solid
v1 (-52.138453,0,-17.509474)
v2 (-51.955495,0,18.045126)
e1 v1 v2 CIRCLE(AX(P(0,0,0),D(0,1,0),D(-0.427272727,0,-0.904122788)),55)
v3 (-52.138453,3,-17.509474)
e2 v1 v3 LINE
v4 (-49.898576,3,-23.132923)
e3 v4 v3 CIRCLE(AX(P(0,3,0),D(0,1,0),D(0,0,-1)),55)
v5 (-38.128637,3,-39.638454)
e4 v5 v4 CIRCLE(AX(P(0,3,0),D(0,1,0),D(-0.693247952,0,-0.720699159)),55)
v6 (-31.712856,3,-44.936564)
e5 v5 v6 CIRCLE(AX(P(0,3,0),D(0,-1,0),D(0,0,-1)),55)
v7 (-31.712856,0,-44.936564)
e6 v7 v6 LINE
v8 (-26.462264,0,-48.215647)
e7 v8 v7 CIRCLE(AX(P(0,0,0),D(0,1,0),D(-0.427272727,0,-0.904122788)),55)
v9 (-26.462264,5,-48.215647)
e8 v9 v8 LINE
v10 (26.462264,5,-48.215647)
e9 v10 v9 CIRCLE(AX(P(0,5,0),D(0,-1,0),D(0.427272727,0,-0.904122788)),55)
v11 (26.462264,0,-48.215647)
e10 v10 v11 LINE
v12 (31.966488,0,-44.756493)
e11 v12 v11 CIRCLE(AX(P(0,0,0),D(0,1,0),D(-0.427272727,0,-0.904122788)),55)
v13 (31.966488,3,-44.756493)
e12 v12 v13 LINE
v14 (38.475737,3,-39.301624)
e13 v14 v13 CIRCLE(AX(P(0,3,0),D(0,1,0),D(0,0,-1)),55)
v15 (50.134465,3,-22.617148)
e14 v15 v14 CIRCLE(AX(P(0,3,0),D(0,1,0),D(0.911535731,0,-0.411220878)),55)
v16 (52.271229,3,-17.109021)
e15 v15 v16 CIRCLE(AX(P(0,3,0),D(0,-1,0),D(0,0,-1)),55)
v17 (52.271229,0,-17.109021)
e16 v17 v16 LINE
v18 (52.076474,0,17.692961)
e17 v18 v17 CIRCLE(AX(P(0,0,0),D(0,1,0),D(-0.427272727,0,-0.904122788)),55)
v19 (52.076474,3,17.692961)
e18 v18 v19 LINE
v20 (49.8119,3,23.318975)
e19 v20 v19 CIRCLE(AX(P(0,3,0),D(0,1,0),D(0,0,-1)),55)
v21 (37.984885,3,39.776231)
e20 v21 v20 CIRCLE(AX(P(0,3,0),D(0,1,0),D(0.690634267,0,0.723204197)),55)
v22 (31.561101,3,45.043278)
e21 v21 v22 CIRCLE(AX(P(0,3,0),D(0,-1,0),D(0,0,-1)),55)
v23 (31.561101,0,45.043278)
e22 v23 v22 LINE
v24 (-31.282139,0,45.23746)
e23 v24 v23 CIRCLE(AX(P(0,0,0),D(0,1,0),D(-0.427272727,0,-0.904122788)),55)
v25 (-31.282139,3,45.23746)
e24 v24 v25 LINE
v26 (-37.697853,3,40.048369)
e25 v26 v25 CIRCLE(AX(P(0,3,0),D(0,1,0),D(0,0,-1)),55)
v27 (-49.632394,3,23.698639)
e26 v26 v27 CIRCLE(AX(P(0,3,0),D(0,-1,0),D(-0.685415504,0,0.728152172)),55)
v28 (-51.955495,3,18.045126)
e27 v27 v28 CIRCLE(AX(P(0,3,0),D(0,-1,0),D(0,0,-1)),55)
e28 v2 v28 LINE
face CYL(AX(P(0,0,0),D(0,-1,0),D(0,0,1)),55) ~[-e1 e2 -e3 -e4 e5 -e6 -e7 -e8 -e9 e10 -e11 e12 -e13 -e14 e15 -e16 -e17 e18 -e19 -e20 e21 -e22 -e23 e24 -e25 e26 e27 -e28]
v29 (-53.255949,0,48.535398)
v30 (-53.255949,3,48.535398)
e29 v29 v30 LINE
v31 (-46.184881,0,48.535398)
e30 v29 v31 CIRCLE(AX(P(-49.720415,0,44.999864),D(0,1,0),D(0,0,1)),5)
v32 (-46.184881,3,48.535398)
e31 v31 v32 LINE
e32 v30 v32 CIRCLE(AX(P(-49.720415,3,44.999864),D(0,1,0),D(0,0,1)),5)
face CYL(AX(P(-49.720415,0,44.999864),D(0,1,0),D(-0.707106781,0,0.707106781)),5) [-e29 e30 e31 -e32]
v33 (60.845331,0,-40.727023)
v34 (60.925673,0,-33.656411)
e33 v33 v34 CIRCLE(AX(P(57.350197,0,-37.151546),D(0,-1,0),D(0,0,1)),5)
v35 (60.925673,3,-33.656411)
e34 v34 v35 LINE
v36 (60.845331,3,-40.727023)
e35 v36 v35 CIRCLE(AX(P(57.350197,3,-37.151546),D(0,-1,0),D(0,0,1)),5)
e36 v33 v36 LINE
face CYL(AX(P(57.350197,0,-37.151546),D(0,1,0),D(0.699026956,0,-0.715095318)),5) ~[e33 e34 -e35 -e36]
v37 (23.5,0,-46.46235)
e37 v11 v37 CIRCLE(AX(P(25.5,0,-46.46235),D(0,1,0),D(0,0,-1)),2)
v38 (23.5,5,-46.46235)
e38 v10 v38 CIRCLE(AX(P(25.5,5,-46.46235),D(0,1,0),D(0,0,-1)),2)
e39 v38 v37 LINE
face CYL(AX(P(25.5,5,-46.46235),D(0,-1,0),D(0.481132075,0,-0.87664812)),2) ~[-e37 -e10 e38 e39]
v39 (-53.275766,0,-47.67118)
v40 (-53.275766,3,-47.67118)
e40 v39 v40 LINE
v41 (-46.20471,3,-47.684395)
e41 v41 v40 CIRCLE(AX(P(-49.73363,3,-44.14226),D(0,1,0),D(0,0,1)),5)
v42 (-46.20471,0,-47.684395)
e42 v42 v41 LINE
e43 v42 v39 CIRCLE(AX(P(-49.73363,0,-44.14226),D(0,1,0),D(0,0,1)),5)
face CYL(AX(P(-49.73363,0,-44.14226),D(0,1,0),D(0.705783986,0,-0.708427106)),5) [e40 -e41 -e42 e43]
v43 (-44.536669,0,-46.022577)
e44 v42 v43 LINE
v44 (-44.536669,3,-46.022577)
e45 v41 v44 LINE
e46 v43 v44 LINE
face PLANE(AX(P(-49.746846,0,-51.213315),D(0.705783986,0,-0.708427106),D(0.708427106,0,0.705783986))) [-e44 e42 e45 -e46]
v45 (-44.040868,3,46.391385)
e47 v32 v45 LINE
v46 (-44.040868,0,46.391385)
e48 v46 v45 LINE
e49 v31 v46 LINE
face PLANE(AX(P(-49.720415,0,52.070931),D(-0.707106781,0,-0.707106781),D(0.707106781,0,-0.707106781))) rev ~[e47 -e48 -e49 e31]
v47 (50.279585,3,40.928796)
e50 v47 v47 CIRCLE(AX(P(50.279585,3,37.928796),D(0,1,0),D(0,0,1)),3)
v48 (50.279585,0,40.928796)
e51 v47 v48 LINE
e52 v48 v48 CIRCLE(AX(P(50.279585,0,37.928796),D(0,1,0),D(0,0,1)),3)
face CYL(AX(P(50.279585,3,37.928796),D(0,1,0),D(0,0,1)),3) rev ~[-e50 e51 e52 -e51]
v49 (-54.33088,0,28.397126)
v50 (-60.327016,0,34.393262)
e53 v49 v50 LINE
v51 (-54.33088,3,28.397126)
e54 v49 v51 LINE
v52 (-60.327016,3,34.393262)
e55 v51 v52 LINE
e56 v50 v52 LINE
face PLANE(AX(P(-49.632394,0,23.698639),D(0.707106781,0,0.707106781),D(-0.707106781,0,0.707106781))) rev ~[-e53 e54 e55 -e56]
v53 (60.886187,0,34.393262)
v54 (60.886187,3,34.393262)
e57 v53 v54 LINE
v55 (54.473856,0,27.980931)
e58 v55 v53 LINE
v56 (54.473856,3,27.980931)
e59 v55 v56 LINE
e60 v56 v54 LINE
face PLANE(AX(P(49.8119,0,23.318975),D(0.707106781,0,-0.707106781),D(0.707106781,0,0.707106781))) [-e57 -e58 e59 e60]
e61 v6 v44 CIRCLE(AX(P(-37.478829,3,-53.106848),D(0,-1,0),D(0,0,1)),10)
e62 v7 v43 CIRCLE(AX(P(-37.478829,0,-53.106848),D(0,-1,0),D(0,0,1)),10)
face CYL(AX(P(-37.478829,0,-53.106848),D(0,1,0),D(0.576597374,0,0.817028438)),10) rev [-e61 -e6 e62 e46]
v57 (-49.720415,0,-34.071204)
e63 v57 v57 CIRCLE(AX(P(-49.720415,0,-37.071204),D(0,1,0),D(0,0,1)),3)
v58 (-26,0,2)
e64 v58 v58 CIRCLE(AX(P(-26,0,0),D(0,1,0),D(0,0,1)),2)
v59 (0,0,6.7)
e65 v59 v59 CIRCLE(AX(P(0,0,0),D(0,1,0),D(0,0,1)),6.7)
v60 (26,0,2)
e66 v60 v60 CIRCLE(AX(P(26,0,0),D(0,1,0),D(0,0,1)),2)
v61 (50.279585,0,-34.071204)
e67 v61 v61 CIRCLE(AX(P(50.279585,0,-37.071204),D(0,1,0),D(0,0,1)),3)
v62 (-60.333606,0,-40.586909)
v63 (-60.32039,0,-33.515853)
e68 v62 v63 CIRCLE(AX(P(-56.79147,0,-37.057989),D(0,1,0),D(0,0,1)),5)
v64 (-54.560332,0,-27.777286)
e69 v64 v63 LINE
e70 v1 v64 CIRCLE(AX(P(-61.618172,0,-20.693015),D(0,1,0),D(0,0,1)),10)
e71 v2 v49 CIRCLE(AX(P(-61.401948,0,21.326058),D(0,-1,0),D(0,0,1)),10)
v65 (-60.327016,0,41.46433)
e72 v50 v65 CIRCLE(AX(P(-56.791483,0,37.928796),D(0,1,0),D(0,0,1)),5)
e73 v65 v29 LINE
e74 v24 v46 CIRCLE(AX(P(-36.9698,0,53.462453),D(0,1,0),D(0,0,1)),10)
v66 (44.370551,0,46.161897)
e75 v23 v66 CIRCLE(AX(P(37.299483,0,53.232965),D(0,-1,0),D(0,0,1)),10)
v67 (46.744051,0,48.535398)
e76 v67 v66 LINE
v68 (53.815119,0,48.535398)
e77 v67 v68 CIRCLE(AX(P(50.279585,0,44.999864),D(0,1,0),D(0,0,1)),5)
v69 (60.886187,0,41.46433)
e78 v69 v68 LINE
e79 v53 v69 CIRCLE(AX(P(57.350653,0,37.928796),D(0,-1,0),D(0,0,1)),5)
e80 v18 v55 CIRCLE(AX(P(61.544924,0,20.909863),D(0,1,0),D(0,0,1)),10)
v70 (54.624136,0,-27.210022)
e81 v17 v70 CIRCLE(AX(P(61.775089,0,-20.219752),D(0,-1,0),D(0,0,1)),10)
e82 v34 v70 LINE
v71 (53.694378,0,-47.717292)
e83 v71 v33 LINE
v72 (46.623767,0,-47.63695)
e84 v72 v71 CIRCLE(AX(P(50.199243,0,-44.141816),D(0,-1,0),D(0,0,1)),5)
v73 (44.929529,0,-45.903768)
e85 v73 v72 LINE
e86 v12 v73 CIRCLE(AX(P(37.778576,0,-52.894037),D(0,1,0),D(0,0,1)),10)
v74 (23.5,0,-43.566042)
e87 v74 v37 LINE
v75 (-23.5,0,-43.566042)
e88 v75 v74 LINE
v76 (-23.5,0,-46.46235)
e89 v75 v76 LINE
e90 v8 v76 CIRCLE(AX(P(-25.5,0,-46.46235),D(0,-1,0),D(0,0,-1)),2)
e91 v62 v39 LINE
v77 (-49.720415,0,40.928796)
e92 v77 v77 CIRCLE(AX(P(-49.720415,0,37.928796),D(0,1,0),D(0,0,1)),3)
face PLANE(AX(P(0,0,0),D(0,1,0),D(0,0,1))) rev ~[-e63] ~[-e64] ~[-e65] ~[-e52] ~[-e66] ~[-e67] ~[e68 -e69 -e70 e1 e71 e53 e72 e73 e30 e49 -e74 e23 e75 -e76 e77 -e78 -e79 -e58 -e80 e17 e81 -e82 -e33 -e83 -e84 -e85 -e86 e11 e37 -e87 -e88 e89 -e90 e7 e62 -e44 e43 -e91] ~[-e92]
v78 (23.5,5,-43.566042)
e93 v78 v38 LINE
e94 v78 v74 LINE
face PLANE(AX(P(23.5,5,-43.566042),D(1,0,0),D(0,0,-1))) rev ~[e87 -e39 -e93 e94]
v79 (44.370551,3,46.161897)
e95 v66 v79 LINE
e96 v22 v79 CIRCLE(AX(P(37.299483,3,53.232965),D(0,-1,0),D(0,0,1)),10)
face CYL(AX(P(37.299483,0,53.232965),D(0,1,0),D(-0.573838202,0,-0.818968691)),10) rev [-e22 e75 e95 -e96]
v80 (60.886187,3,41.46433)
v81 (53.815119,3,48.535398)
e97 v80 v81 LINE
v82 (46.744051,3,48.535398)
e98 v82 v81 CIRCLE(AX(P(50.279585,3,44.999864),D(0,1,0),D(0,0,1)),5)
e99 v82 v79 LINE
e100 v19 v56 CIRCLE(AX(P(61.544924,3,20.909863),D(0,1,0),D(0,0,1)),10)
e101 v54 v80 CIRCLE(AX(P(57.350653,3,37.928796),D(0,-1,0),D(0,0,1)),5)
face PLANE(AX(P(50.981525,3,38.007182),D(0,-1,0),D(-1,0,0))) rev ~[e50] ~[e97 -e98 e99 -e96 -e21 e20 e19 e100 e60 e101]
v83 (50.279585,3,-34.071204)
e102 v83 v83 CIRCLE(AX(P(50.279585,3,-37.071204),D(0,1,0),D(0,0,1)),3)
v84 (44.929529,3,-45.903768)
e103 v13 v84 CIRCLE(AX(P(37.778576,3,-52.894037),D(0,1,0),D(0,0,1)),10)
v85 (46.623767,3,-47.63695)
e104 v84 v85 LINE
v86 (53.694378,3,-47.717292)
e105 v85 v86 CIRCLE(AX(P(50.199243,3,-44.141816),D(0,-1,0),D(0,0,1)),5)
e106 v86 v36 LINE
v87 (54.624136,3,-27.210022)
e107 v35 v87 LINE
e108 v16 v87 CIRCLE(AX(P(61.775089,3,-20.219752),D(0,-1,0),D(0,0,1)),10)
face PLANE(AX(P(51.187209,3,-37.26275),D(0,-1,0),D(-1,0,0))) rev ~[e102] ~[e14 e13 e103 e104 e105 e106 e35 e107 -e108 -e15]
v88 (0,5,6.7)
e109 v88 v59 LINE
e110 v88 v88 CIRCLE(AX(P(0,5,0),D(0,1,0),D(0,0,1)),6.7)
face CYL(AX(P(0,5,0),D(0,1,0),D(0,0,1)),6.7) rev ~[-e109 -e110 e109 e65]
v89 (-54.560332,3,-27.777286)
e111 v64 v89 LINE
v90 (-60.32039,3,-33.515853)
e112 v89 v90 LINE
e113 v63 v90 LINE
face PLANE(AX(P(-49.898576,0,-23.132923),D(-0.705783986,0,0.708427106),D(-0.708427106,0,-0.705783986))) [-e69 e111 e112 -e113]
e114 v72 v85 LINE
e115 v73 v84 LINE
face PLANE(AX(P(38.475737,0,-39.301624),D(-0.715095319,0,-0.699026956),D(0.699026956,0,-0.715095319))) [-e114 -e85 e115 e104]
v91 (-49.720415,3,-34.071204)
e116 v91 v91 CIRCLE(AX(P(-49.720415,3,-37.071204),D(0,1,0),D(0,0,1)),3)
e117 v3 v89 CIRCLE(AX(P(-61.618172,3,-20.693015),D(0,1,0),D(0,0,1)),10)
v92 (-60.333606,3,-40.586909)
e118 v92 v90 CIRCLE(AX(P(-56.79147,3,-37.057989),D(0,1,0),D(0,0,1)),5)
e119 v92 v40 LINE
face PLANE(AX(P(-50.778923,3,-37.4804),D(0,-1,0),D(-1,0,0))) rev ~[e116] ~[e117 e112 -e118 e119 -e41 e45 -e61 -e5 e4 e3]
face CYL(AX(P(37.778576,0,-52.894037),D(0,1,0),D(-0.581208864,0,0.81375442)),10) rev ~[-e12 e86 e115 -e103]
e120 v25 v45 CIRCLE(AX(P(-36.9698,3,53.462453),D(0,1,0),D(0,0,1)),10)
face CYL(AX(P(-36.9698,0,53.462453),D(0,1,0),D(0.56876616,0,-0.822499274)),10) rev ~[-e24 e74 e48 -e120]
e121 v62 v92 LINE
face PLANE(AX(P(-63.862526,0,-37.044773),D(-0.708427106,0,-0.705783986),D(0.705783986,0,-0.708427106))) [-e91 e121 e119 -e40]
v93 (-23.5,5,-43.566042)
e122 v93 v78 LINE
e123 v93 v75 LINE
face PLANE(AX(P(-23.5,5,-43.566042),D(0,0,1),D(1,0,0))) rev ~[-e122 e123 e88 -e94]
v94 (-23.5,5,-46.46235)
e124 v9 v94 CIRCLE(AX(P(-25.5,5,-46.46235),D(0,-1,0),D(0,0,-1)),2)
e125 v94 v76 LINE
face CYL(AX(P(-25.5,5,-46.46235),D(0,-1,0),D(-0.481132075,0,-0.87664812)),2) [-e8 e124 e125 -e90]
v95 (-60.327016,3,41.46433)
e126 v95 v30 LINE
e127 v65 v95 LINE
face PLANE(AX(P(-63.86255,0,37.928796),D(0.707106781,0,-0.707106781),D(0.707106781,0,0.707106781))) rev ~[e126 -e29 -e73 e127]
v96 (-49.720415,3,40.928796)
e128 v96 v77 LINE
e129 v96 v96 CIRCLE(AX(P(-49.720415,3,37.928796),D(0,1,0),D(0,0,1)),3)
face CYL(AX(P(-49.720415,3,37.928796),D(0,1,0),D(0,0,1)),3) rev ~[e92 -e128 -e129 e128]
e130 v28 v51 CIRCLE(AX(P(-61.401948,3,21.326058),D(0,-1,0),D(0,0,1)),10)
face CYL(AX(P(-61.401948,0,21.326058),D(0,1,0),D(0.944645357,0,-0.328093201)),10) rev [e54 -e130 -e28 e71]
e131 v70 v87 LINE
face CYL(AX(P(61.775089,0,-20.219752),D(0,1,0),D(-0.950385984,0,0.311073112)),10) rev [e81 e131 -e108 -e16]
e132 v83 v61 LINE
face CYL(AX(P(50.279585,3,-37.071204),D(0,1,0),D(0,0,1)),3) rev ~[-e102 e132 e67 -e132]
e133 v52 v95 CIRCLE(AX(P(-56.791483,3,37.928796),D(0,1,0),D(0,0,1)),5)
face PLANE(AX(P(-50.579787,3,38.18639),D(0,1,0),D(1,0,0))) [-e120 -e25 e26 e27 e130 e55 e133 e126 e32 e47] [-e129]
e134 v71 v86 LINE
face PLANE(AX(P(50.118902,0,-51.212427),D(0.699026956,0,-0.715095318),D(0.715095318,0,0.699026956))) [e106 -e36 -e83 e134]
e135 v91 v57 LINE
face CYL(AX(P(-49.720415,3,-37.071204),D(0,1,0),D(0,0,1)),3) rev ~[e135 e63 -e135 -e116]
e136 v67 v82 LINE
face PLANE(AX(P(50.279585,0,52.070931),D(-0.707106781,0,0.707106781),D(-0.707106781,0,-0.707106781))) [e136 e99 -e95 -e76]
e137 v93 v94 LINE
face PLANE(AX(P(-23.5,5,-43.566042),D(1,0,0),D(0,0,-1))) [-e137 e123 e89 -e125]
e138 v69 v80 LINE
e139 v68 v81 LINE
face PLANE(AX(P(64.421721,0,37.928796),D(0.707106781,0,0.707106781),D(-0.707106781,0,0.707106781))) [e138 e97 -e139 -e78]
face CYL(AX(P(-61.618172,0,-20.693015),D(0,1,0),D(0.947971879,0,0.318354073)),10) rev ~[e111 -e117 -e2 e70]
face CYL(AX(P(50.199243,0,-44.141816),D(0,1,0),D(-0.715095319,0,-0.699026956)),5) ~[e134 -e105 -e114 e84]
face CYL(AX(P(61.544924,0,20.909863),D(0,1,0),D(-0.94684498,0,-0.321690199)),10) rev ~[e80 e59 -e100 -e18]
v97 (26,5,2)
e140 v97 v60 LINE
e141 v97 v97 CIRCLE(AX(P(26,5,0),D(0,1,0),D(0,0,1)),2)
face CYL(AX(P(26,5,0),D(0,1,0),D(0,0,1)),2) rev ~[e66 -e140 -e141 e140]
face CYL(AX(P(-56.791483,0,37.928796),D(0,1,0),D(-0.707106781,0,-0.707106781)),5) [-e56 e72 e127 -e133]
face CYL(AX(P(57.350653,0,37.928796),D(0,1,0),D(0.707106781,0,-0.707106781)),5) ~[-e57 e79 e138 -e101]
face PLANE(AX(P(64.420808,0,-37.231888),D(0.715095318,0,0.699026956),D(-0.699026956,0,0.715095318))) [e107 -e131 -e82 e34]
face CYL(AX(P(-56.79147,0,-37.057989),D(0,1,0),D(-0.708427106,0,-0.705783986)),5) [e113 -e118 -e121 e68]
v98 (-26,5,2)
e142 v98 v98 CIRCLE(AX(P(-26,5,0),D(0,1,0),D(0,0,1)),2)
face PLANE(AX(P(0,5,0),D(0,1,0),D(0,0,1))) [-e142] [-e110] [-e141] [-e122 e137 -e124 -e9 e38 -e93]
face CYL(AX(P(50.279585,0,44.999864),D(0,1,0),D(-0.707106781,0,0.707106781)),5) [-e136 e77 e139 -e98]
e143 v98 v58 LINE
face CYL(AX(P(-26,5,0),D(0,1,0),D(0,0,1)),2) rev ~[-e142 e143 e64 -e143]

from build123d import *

# Parameters (mm, degrees)
SKETCH_1_R          = 55
EXTRUDE_1_DEPTH     = 5
SKETCH_5_W          = 47
SKETCH_5_H          = 12.24289715
CUT_EXTRUDE_2_DEPTH = 30
FILLET_4_R          = 2
FILLET_5_R          = 2
EXTRUDE_START       = -3
EXTRUDE_3_DEPTH     = 3
FILLET_7_R          = 10
FILLET_8_R          = 5
SKETCH_10_R         = 3
CUT_EXTRUDE_5_DEPTH = 3
SKETCH_15_R         = 6.7
CUT_EXTRUDE_6_DEPTH = 10
SKETCH_16_R         = 2
CUT_EXTRUDE_7_DEPTH = 10


with BuildPart() as part:
    # 草图1 → 凸台-拉伸1 (new body)
    with BuildSketch(Plane(origin=(0, 0, 0), x_dir=(1, 0, 0), z_dir=(0, 1, 0))):
        with Locations(Location((0, 0, 0), (0, 0, 270))):
            Circle(SKETCH_1_R)
    extrude(amount=EXTRUDE_1_DEPTH)

    # 草图5 → 切除-拉伸2 (cut)
    with BuildSketch(Plane(origin=(0, 5, 0), x_dir=(1, 0, 0), z_dir=(0, 1, 0))):
        with Locations((0, 49.687490397)):
            Rectangle(SKETCH_5_W, SKETCH_5_H)
    extrude(amount=-CUT_EXTRUDE_2_DEPTH, mode=Mode.SUBTRACT)

    # 圆角4
    fillet_4_edges = [part.edges().sort_by_distance(p)[0] for p in [
        (-23.5, 2.5, -49.726753363),
    ]]
    fillet(fillet_4_edges, radius=FILLET_4_R)

    # 圆角5
    fillet_5_edges = [part.edges().sort_by_distance(p)[0] for p in [
        (23.5, 2.5, -49.726753363),
    ]]
    fillet(fillet_5_edges, radius=FILLET_5_R)

    # 草图14 → 凸台-拉伸3 (add)
    with BuildSketch(Plane(origin=(0, 3, 0), x_dir=(1, 0, 0), z_dir=(0, 1, 0)).offset(EXTRUDE_START)):
        with BuildLine():
            Line((-49.898576095, 23.132922507), (-63.862525635, 37.044772973))
            Line((-63.862525635, 37.044772973), (-49.746845912, 51.213315099))
            Line((-49.746845912, 51.213315099), (-38.128637352, 39.638453724))
            ThreePointArc((-38.128637352, 39.638453724), (-44.78063998, 31.932652301), (-49.898576095, 23.132922507))
        make_face()
        with BuildLine():
            Line((49.811900188, -23.3189751), (64.421720913, -37.928795825))
            Line((64.421720913, -37.928795825), (50.279585289, -52.070931449))
            Line((50.279585289, -52.070931449), (37.984884655, -39.776230814))
            ThreePointArc((37.984884655, -39.776230814), (44.662950793, -32.097053236), (49.811900188, -23.3189751))
        make_face()
        with BuildLine():
            Line((-49.632393674, -23.698639164), (-63.862550335, -37.928795825))
            Line((-63.862550335, -37.928795825), (-49.720414711, -52.070931449))
            Line((-49.720414711, -52.070931449), (-37.697852746, -40.048369484))
            ThreePointArc((-37.697852746, -40.048369484), (-44.423770724, -32.427281642), (-49.632393674, -23.698639164))
        make_face()
        with BuildLine():
            Line((38.475737251, 39.301623923), (50.118901666, 51.212426922))
            Line((50.118901666, 51.212426922), (64.420808036, 37.231887798))
            Line((64.420808036, 37.231887798), (50.134465219, 22.6171483))
            ThreePointArc((50.134465219, 22.6171483), (45.083643676, 31.50341367), (38.475737251, 39.301623923))
        make_face()
    extrude(amount=EXTRUDE_3_DEPTH)

    # 圆角7
    fillet_7_edges = [part.edges().sort_by_distance(p)[0] for p in [
        (-38.128637352, 1.5, -39.638453724),
        (-49.898576095, 1.5, -23.132922507),
        (-49.632393674, 1.5, 23.698639164),
        (-37.697852746, 1.5, 40.048369484),
        (50.134465219, 1.5, -22.6171483),
        (38.475737251, 1.5, -39.301623923),
        (37.984884655, 1.5, 39.776230814),
        (49.811900188, 1.5, 23.3189751),
    ]]
    fillet(fillet_7_edges, radius=FILLET_7_R)

    # 圆角8
    fillet_8_edges = [part.edges().sort_by_distance(p)[0] for p in [
        (-63.862525635, 1.5, -37.044772973),
        (-49.746845912, 1.5, -51.213315099),
        (-49.720414711, 1.5, 52.070931449),
        (-63.862550335, 1.5, 37.928795825),
        (50.118901666, 1.5, -51.212426922),
        (64.420808036, 1.5, -37.231887798),
        (50.279585289, 1.5, 52.070931449),
        (64.421720913, 1.5, 37.928795825),
    ]]
    fillet(fillet_8_edges, radius=FILLET_8_R)

    # 草图10 → 切除-拉伸5 (cut)
    with BuildSketch(Plane(origin=(0, 3, 0), x_dir=(1, 0, 0), z_dir=(0, 1, 0))):
        with Locations(Location((-49.720414711, 37.071204175, 0), (0, 0, 270))):
            Circle(SKETCH_10_R)
        with Locations(Location((50.279585289, 37.071204175, 0), (0, 0, 270))):
            Circle(SKETCH_10_R)
        with Locations(Location((-49.720414711, -37.928795825, 0), (0, 0, 270))):
            Circle(SKETCH_10_R)
        with Locations(Location((50.279585289, -37.928795825, 0), (0, 0, 270))):
            Circle(SKETCH_10_R)
    extrude(amount=-CUT_EXTRUDE_5_DEPTH, mode=Mode.SUBTRACT)

    # 草图15 → 切除-拉伸6 (cut)
    with BuildSketch(Plane(origin=(0, 5, 0), x_dir=(1, 0, 0), z_dir=(0, 1, 0))):
        with Locations(Location((0, 0, 0), (0, 0, 270))):
            Circle(SKETCH_15_R)
    extrude(amount=-CUT_EXTRUDE_6_DEPTH, mode=Mode.SUBTRACT)

    # 草图16 → 切除-拉伸7 (cut)
    with BuildSketch(Plane(origin=(0, 5, 0), x_dir=(1, 0, 0), z_dir=(0, 1, 0))):
        with Locations(Location((-26, 0, 0), (0, 0, 270))):
            Circle(SKETCH_16_R)
        with Locations(Location((26, 0, 0), (0, 0, 270))):
            Circle(SKETCH_16_R)
    extrude(amount=-CUT_EXTRUDE_7_DEPTH, mode=Mode.SUBTRACT)


solid = part.part
